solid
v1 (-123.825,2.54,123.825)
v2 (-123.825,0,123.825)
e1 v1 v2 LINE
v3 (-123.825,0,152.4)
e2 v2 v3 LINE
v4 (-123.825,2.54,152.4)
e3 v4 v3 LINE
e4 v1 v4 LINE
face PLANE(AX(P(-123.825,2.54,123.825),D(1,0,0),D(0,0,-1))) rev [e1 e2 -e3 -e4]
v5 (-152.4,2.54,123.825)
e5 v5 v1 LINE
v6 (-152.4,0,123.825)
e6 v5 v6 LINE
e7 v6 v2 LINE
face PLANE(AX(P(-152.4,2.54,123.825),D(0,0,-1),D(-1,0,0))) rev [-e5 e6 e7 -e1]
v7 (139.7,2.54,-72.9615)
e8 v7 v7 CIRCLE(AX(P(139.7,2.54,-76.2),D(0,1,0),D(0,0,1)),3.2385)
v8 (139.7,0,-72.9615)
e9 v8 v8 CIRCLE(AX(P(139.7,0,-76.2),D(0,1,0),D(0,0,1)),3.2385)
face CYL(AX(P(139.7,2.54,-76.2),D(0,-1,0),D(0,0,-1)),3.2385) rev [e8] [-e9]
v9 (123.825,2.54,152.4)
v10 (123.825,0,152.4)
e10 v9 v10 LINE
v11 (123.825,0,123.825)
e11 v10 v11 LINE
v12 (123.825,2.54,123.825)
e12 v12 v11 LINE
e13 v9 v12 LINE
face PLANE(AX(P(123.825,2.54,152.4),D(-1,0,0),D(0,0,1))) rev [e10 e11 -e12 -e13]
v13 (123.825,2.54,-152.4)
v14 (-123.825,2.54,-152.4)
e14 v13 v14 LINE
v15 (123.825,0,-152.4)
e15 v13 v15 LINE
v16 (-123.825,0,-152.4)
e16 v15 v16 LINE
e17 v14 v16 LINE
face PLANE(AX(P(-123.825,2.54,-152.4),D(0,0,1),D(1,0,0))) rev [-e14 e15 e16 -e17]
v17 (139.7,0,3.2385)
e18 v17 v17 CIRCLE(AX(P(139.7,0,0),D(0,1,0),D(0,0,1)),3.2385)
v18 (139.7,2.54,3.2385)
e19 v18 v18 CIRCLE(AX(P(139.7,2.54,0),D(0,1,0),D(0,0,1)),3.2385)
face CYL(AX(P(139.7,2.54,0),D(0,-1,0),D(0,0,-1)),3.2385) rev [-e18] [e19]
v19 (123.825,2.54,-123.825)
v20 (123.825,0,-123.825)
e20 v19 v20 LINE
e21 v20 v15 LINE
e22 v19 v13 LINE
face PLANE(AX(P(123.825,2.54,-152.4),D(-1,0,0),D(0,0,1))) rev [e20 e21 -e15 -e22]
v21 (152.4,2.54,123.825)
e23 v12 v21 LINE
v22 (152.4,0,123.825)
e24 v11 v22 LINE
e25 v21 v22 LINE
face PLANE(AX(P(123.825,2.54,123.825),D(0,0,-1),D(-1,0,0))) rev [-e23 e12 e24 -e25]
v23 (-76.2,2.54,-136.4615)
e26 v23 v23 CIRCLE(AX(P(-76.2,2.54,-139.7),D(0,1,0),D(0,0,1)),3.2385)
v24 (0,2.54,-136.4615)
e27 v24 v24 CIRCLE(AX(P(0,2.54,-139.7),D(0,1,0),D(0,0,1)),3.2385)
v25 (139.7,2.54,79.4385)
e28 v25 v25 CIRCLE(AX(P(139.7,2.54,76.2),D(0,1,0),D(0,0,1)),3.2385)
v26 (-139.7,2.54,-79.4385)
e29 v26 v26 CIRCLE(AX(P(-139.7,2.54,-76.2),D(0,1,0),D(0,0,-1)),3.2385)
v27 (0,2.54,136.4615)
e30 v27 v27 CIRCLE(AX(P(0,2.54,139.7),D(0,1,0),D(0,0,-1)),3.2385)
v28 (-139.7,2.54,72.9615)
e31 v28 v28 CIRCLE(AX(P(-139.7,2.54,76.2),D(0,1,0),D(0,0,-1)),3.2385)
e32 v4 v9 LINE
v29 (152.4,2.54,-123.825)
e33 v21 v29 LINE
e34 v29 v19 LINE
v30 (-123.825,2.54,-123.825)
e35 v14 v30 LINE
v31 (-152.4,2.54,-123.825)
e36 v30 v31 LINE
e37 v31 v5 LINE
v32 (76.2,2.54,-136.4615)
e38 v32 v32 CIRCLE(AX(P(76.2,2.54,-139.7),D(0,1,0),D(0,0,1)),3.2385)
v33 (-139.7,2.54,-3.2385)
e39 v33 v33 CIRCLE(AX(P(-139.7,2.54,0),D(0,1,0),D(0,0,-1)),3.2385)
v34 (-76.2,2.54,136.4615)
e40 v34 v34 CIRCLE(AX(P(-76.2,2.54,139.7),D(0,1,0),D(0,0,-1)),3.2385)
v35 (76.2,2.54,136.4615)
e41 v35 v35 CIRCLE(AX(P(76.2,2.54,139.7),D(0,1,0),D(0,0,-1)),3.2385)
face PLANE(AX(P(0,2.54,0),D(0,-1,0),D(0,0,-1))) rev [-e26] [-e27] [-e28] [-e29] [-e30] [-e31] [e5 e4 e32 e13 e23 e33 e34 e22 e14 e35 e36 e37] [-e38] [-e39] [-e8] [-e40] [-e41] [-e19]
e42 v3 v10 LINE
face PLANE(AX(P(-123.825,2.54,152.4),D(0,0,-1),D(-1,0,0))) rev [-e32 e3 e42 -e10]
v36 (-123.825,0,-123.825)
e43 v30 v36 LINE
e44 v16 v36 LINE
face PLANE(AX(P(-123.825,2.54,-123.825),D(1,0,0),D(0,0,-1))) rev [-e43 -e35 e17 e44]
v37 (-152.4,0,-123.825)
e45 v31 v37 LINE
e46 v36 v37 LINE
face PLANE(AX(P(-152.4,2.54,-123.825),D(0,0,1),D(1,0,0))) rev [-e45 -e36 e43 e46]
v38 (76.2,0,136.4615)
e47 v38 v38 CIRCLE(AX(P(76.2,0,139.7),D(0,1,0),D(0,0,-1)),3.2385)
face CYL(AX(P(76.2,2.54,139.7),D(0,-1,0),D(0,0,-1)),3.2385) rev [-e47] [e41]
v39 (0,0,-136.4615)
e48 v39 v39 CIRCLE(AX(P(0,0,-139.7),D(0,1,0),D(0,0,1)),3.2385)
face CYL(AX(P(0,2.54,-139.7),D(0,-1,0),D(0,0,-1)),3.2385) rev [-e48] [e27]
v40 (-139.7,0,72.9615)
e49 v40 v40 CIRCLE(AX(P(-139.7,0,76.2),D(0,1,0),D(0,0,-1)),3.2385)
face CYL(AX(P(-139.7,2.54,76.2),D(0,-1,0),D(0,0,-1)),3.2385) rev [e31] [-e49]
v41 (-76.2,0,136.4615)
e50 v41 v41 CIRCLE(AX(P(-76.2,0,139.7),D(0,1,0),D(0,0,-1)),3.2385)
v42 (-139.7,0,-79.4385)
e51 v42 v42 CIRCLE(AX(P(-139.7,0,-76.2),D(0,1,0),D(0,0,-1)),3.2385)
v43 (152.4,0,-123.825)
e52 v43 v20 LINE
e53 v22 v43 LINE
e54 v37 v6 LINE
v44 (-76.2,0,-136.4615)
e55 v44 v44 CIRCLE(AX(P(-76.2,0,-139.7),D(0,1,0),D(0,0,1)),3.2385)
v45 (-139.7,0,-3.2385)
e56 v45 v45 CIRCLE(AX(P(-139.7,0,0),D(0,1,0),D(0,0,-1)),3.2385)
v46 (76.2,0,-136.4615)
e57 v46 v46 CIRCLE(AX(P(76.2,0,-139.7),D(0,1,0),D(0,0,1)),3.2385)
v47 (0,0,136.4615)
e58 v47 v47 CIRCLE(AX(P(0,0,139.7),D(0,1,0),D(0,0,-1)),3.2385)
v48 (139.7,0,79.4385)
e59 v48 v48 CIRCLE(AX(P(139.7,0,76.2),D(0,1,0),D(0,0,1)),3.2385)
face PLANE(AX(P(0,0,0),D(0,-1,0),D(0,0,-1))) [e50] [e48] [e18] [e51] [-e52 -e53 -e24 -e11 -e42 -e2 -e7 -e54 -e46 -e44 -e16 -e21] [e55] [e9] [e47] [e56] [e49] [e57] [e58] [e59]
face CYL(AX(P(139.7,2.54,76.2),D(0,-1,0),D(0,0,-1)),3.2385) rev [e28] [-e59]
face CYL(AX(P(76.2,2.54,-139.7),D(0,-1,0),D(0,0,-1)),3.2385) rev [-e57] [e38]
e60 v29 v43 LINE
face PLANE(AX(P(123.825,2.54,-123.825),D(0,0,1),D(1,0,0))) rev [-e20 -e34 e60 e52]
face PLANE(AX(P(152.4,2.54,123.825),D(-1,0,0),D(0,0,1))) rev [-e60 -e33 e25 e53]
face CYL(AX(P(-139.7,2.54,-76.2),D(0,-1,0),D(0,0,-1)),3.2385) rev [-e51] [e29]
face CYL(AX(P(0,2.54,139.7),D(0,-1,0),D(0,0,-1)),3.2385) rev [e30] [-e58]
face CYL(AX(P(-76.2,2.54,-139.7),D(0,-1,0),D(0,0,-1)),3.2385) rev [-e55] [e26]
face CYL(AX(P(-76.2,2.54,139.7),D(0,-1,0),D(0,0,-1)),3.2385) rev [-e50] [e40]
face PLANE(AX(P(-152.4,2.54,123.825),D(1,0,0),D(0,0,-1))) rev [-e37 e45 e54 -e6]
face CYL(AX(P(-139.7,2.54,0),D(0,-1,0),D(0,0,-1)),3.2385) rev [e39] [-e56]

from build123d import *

# Parameters (mm, degrees)
SKETCH1_R           = 3.2385
BOSS_EXTRUDE1_DEPTH = 2.54


with BuildPart() as part:
    # Sketch1 → Boss-Extrude1 (new body)
    with BuildSketch(Plane(origin=(0, 0, 0), x_dir=(1, 0, 0), z_dir=(0, 1, 0))):
        Polygon((123.825, 152.4), (123.825, 123.825), (152.4, 123.825), (152.4, -123.825), (123.825, -123.825), (123.825, -152.4), (-123.825, -152.4), (-123.825, -123.825), (-152.4, -123.825), (-152.4, 123.825), (-123.825, 123.825), (-123.825, 152.4), align=None)
        with Locations((76.2, 139.7)):
            Circle(SKETCH1_R, mode=Mode.SUBTRACT)
        with Locations((0, 139.7)):
            Circle(SKETCH1_R, mode=Mode.SUBTRACT)
        with Locations((-76.2, 139.7)):
            Circle(SKETCH1_R, mode=Mode.SUBTRACT)
        with Locations((-76.2, -139.7)):
            Circle(SKETCH1_R, mode=Mode.SUBTRACT)
        with Locations((0, -139.7)):
            Circle(SKETCH1_R, mode=Mode.SUBTRACT)
        with Locations((76.2, -139.7)):
            Circle(SKETCH1_R, mode=Mode.SUBTRACT)
        with Locations((139.7, -76.2)):
            Circle(SKETCH1_R, mode=Mode.SUBTRACT)
        with Locations((139.7, 0)):
            Circle(SKETCH1_R, mode=Mode.SUBTRACT)
        with Locations((139.7, 76.2)):
            Circle(SKETCH1_R, mode=Mode.SUBTRACT)
        with Locations((-139.7, 76.2)):
            Circle(SKETCH1_R, mode=Mode.SUBTRACT)
        with Locations((-139.7, 0)):
            Circle(SKETCH1_R, mode=Mode.SUBTRACT)
        with Locations((-139.7, -76.2)):
            Circle(SKETCH1_R, mode=Mode.SUBTRACT)
    extrude(amount=BOSS_EXTRUDE1_DEPTH)


solid = part.part
